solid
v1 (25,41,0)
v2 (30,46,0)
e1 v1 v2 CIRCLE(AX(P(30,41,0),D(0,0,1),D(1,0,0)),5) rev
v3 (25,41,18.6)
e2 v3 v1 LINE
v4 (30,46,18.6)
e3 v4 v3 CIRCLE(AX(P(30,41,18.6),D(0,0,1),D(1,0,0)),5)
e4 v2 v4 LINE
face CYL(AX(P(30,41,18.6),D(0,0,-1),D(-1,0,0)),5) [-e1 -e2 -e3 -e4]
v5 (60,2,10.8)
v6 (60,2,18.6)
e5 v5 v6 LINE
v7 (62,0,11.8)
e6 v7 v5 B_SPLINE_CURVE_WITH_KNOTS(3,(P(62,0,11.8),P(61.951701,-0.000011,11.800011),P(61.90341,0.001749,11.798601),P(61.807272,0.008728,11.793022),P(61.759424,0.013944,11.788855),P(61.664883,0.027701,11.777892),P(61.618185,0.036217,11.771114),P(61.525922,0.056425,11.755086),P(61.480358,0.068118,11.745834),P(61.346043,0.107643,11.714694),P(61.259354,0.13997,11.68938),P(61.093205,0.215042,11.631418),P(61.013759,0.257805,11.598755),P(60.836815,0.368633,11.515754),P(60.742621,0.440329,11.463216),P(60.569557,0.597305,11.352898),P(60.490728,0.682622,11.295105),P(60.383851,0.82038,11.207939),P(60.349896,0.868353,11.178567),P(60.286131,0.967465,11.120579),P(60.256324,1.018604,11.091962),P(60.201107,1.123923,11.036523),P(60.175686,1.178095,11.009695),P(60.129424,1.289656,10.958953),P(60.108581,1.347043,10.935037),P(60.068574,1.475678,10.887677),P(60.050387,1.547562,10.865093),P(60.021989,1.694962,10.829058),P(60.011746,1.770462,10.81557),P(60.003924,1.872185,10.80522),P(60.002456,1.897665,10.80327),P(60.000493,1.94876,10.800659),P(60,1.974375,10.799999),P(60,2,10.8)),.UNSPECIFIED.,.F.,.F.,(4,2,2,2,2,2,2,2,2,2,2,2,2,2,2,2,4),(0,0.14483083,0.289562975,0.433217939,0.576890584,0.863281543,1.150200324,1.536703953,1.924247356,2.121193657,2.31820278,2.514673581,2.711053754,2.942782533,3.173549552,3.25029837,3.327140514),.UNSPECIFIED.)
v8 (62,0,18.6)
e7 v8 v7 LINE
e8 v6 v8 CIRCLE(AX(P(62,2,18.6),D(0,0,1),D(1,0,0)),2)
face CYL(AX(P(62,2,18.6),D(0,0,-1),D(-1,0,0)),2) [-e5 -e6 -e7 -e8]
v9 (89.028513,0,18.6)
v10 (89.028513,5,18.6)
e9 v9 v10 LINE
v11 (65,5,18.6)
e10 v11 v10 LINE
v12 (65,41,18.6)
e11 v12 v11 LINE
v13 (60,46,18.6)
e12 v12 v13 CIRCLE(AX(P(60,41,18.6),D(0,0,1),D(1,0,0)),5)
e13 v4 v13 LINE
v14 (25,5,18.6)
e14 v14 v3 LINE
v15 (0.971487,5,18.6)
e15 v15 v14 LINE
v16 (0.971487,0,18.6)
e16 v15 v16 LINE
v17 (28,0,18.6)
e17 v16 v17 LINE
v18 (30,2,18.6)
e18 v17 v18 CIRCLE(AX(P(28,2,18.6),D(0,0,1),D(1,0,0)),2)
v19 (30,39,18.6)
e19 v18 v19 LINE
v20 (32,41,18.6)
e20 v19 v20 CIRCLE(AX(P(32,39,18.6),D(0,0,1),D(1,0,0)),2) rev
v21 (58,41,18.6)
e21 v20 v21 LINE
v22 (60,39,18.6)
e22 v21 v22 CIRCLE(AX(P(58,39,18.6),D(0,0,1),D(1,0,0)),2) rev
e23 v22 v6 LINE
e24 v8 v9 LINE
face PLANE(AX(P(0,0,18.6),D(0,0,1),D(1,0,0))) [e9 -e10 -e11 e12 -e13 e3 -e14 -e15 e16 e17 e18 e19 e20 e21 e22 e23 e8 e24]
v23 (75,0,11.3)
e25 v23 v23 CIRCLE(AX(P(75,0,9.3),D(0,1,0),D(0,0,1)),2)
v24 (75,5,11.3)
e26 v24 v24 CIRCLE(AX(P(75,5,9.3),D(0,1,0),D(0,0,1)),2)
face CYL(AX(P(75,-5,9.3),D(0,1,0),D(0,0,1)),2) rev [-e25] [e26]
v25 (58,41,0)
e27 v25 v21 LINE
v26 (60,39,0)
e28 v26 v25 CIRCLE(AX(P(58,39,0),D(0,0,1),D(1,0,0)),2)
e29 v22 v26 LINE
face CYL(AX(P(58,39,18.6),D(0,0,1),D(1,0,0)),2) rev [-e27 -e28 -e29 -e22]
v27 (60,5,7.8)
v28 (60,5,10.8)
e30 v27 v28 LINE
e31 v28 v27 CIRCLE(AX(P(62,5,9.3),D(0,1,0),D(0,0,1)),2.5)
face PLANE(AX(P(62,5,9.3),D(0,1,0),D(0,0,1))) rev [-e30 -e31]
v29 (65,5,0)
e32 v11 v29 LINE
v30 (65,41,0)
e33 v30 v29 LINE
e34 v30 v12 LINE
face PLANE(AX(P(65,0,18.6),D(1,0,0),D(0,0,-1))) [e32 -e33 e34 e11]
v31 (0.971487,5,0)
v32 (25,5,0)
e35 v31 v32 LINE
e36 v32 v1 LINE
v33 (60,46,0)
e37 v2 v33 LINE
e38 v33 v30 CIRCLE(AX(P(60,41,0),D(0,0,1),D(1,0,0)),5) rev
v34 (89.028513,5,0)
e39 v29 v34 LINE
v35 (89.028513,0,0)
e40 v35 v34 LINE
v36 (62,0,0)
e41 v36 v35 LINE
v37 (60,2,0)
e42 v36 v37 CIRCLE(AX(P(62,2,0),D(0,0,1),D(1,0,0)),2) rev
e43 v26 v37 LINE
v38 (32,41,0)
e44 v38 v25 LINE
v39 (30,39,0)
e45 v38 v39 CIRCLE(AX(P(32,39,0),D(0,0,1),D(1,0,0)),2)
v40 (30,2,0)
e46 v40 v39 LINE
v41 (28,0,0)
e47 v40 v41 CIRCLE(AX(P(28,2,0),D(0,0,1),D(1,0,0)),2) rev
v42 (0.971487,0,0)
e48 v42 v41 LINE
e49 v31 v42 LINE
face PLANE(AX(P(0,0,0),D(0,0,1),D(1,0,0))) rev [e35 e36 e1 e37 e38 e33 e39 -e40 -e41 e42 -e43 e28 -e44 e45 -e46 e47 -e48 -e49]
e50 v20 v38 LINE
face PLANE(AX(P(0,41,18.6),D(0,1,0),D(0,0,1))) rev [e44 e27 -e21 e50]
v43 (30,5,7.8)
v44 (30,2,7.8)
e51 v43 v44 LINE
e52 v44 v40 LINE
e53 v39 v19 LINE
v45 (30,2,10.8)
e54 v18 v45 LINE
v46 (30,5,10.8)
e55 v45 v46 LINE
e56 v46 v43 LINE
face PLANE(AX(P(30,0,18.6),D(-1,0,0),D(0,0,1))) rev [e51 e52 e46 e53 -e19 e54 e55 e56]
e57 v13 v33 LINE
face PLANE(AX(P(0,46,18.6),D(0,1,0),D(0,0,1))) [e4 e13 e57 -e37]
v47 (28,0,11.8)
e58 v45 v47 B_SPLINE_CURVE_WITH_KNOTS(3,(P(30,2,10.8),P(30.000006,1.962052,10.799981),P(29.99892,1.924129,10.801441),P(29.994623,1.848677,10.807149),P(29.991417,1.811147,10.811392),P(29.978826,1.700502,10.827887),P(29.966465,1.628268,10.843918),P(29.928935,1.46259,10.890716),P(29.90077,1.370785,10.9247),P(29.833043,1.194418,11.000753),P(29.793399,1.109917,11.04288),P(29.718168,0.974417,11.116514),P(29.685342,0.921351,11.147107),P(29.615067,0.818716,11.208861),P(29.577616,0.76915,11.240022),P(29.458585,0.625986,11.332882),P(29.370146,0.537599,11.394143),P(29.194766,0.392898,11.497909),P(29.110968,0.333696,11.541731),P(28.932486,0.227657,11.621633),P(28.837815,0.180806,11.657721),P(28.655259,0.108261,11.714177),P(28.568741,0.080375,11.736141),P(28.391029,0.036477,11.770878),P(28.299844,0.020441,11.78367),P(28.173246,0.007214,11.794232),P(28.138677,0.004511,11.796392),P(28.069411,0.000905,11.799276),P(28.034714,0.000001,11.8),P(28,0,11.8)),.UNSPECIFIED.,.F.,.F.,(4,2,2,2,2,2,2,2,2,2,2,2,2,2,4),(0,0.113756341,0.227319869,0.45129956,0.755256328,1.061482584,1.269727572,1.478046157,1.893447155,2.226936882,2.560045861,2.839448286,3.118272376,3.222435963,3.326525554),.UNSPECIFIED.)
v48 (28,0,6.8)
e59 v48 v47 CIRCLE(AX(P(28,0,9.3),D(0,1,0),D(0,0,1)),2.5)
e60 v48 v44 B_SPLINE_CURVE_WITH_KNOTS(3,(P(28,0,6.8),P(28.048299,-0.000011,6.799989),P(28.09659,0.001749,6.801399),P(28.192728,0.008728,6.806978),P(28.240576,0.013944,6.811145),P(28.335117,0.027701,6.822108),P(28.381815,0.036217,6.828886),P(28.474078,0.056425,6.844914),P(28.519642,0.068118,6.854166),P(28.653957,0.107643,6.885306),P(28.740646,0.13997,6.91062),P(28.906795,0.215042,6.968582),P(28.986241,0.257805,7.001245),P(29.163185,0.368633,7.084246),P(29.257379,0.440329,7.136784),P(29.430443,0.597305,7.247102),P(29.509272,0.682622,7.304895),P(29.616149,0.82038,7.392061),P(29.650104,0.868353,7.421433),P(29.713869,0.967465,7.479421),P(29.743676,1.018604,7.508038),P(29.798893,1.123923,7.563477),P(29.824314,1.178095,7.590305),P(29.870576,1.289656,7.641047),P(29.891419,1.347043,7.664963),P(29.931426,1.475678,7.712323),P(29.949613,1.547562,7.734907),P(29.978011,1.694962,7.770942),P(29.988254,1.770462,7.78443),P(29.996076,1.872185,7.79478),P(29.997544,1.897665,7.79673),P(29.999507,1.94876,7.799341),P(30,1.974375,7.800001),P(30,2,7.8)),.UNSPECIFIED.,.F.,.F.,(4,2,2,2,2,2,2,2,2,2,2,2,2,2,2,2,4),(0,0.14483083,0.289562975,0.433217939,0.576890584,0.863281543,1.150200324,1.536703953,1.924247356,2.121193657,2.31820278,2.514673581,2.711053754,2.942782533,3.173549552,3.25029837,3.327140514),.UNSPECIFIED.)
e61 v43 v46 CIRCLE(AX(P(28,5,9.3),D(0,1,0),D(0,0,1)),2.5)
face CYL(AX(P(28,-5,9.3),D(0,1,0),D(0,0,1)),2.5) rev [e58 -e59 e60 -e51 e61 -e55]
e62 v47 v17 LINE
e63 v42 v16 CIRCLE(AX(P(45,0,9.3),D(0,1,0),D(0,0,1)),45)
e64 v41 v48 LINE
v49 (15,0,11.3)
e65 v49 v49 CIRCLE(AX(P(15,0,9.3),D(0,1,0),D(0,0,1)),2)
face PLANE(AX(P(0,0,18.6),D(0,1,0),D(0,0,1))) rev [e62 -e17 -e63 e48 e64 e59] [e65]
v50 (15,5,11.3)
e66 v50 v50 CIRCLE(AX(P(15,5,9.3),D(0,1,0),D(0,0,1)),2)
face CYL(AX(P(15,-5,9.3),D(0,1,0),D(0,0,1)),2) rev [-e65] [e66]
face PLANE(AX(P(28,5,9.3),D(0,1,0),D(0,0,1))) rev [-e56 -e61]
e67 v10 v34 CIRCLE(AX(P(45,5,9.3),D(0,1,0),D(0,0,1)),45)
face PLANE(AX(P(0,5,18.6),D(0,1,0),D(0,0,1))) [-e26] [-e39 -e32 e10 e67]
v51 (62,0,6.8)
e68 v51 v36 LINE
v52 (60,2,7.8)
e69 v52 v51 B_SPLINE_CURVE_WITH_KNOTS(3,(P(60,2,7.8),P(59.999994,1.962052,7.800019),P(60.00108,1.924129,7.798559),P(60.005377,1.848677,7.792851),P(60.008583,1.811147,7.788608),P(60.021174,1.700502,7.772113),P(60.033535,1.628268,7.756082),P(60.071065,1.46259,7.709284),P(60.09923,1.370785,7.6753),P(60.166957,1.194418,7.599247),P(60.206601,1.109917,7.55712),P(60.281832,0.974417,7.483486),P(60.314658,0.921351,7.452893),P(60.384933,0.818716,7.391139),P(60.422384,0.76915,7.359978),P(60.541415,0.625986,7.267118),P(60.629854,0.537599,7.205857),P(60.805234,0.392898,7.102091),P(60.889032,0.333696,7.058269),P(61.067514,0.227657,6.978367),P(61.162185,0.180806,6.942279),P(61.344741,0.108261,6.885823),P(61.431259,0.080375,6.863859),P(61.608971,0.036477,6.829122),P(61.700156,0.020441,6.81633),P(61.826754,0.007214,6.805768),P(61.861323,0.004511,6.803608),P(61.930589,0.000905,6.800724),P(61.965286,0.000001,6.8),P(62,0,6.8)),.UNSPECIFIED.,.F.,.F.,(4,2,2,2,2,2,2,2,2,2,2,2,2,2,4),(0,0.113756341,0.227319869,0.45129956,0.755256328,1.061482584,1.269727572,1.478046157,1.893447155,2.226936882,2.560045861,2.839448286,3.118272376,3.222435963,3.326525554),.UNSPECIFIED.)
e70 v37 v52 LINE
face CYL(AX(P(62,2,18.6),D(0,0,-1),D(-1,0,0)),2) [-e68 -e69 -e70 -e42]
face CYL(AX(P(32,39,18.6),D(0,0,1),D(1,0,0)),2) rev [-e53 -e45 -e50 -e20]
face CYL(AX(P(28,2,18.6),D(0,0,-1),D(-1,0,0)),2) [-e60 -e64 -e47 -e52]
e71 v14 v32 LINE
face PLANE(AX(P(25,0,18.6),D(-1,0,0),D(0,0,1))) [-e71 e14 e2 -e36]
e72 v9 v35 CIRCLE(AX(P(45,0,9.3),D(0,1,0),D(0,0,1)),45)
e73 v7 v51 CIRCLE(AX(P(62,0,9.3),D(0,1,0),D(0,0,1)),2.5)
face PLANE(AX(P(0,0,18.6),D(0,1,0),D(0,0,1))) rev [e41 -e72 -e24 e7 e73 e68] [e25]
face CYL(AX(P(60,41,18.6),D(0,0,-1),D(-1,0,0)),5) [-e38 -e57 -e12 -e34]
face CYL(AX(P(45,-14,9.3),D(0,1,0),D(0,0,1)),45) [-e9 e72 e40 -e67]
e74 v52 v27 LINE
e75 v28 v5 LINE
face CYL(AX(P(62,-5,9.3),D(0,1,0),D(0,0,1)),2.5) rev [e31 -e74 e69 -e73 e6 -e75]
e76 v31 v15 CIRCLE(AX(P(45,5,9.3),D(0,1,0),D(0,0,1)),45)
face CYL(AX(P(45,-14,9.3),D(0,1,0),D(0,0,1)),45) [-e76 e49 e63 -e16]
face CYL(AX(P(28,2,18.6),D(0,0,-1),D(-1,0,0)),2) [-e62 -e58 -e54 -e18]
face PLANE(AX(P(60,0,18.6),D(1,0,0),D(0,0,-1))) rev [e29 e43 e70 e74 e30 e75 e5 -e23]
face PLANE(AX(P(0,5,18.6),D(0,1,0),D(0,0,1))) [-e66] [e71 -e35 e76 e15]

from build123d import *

# Parameters (mm, degrees)
BOSS_EXTRUDE1_DEPTH = 18.6
SKETCH2_R           = 2
SKETCH2_R_2         = 2.5
CUT_EXTRUDE1_DEPTH  = 10
SKETCH3_R           = 50
SKETCH3_R_2         = 45
CUT_EXTRUDE2_DEPTH  = 60
FILLET1_R           = 5
FILLET2_R           = 5
FILLET3_R           = 2
FILLET4_R           = 2


with BuildPart() as part:
    # Sketch1 → Boss-Extrude1 (new body)
    with BuildSketch(Plane.XY):
        Polygon((90, 5), (90, 0), (60, 0), (60, 41), (30, 41), (30, 0), (0, 0), (0, 5), (25, 5), (25, 46), (65, 46), (65, 5), align=None)
    extrude(amount=BOSS_EXTRUDE1_DEPTH)

    # Sketch2 → Cut-Extrude1 (cut)
    with BuildSketch(Plane(origin=(0, 5, 0), x_dir=(1, 0, 0), z_dir=(0, 1, 0))):
        with Locations((75, -9.3)):
            Circle(SKETCH2_R)
        with Locations((15, -9.3)):
            Circle(SKETCH2_R)
        with Locations((28, -9.3)):
            Circle(SKETCH2_R_2)
        with Locations((62, -9.3)):
            Circle(SKETCH2_R_2)
    extrude(amount=-CUT_EXTRUDE1_DEPTH, mode=Mode.SUBTRACT)

    # Sketch3 → Cut-Extrude2 (cut)
    with BuildSketch(Plane(origin=(0, 46, 0), x_dir=(1, 0, 0), z_dir=(0, 1, 0))):
        with Locations((45, -9.3)):
            Circle(SKETCH3_R)
        with Locations((45, -9.3)):
            Circle(SKETCH3_R_2, mode=Mode.SUBTRACT)
    extrude(amount=-CUT_EXTRUDE2_DEPTH, mode=Mode.SUBTRACT)

    # Fillet1
    fillet1_edges = [part.edges().sort_by_distance(p)[0] for p in [
        (25, 46, 9.3),
    ]]
    fillet(fillet1_edges, radius=FILLET1_R)

    # Fillet2
    fillet2_edges = [part.edges().sort_by_distance(p)[0] for p in [
        (65, 46, 9.3),
    ]]
    fillet(fillet2_edges, radius=FILLET2_R)

    # Fillet3
    fillet3_edges = [part.edges().sort_by_distance(p)[0] for p in [
        (60, 0, 14.7),
        (60, 41, 9.3),
        (30, 41, 9.3),
        (30, 0, 14.7),
    ]]
    fillet(fillet3_edges, radius=FILLET3_R)

    # Fillet4
    fillet4_edges = [part.edges().sort_by_distance(p)[0] for p in [
        (60, 0, 3.9),
        (30, 0, 3.9),
    ]]
    fillet(fillet4_edges, radius=FILLET4_R)


solid = part.part
